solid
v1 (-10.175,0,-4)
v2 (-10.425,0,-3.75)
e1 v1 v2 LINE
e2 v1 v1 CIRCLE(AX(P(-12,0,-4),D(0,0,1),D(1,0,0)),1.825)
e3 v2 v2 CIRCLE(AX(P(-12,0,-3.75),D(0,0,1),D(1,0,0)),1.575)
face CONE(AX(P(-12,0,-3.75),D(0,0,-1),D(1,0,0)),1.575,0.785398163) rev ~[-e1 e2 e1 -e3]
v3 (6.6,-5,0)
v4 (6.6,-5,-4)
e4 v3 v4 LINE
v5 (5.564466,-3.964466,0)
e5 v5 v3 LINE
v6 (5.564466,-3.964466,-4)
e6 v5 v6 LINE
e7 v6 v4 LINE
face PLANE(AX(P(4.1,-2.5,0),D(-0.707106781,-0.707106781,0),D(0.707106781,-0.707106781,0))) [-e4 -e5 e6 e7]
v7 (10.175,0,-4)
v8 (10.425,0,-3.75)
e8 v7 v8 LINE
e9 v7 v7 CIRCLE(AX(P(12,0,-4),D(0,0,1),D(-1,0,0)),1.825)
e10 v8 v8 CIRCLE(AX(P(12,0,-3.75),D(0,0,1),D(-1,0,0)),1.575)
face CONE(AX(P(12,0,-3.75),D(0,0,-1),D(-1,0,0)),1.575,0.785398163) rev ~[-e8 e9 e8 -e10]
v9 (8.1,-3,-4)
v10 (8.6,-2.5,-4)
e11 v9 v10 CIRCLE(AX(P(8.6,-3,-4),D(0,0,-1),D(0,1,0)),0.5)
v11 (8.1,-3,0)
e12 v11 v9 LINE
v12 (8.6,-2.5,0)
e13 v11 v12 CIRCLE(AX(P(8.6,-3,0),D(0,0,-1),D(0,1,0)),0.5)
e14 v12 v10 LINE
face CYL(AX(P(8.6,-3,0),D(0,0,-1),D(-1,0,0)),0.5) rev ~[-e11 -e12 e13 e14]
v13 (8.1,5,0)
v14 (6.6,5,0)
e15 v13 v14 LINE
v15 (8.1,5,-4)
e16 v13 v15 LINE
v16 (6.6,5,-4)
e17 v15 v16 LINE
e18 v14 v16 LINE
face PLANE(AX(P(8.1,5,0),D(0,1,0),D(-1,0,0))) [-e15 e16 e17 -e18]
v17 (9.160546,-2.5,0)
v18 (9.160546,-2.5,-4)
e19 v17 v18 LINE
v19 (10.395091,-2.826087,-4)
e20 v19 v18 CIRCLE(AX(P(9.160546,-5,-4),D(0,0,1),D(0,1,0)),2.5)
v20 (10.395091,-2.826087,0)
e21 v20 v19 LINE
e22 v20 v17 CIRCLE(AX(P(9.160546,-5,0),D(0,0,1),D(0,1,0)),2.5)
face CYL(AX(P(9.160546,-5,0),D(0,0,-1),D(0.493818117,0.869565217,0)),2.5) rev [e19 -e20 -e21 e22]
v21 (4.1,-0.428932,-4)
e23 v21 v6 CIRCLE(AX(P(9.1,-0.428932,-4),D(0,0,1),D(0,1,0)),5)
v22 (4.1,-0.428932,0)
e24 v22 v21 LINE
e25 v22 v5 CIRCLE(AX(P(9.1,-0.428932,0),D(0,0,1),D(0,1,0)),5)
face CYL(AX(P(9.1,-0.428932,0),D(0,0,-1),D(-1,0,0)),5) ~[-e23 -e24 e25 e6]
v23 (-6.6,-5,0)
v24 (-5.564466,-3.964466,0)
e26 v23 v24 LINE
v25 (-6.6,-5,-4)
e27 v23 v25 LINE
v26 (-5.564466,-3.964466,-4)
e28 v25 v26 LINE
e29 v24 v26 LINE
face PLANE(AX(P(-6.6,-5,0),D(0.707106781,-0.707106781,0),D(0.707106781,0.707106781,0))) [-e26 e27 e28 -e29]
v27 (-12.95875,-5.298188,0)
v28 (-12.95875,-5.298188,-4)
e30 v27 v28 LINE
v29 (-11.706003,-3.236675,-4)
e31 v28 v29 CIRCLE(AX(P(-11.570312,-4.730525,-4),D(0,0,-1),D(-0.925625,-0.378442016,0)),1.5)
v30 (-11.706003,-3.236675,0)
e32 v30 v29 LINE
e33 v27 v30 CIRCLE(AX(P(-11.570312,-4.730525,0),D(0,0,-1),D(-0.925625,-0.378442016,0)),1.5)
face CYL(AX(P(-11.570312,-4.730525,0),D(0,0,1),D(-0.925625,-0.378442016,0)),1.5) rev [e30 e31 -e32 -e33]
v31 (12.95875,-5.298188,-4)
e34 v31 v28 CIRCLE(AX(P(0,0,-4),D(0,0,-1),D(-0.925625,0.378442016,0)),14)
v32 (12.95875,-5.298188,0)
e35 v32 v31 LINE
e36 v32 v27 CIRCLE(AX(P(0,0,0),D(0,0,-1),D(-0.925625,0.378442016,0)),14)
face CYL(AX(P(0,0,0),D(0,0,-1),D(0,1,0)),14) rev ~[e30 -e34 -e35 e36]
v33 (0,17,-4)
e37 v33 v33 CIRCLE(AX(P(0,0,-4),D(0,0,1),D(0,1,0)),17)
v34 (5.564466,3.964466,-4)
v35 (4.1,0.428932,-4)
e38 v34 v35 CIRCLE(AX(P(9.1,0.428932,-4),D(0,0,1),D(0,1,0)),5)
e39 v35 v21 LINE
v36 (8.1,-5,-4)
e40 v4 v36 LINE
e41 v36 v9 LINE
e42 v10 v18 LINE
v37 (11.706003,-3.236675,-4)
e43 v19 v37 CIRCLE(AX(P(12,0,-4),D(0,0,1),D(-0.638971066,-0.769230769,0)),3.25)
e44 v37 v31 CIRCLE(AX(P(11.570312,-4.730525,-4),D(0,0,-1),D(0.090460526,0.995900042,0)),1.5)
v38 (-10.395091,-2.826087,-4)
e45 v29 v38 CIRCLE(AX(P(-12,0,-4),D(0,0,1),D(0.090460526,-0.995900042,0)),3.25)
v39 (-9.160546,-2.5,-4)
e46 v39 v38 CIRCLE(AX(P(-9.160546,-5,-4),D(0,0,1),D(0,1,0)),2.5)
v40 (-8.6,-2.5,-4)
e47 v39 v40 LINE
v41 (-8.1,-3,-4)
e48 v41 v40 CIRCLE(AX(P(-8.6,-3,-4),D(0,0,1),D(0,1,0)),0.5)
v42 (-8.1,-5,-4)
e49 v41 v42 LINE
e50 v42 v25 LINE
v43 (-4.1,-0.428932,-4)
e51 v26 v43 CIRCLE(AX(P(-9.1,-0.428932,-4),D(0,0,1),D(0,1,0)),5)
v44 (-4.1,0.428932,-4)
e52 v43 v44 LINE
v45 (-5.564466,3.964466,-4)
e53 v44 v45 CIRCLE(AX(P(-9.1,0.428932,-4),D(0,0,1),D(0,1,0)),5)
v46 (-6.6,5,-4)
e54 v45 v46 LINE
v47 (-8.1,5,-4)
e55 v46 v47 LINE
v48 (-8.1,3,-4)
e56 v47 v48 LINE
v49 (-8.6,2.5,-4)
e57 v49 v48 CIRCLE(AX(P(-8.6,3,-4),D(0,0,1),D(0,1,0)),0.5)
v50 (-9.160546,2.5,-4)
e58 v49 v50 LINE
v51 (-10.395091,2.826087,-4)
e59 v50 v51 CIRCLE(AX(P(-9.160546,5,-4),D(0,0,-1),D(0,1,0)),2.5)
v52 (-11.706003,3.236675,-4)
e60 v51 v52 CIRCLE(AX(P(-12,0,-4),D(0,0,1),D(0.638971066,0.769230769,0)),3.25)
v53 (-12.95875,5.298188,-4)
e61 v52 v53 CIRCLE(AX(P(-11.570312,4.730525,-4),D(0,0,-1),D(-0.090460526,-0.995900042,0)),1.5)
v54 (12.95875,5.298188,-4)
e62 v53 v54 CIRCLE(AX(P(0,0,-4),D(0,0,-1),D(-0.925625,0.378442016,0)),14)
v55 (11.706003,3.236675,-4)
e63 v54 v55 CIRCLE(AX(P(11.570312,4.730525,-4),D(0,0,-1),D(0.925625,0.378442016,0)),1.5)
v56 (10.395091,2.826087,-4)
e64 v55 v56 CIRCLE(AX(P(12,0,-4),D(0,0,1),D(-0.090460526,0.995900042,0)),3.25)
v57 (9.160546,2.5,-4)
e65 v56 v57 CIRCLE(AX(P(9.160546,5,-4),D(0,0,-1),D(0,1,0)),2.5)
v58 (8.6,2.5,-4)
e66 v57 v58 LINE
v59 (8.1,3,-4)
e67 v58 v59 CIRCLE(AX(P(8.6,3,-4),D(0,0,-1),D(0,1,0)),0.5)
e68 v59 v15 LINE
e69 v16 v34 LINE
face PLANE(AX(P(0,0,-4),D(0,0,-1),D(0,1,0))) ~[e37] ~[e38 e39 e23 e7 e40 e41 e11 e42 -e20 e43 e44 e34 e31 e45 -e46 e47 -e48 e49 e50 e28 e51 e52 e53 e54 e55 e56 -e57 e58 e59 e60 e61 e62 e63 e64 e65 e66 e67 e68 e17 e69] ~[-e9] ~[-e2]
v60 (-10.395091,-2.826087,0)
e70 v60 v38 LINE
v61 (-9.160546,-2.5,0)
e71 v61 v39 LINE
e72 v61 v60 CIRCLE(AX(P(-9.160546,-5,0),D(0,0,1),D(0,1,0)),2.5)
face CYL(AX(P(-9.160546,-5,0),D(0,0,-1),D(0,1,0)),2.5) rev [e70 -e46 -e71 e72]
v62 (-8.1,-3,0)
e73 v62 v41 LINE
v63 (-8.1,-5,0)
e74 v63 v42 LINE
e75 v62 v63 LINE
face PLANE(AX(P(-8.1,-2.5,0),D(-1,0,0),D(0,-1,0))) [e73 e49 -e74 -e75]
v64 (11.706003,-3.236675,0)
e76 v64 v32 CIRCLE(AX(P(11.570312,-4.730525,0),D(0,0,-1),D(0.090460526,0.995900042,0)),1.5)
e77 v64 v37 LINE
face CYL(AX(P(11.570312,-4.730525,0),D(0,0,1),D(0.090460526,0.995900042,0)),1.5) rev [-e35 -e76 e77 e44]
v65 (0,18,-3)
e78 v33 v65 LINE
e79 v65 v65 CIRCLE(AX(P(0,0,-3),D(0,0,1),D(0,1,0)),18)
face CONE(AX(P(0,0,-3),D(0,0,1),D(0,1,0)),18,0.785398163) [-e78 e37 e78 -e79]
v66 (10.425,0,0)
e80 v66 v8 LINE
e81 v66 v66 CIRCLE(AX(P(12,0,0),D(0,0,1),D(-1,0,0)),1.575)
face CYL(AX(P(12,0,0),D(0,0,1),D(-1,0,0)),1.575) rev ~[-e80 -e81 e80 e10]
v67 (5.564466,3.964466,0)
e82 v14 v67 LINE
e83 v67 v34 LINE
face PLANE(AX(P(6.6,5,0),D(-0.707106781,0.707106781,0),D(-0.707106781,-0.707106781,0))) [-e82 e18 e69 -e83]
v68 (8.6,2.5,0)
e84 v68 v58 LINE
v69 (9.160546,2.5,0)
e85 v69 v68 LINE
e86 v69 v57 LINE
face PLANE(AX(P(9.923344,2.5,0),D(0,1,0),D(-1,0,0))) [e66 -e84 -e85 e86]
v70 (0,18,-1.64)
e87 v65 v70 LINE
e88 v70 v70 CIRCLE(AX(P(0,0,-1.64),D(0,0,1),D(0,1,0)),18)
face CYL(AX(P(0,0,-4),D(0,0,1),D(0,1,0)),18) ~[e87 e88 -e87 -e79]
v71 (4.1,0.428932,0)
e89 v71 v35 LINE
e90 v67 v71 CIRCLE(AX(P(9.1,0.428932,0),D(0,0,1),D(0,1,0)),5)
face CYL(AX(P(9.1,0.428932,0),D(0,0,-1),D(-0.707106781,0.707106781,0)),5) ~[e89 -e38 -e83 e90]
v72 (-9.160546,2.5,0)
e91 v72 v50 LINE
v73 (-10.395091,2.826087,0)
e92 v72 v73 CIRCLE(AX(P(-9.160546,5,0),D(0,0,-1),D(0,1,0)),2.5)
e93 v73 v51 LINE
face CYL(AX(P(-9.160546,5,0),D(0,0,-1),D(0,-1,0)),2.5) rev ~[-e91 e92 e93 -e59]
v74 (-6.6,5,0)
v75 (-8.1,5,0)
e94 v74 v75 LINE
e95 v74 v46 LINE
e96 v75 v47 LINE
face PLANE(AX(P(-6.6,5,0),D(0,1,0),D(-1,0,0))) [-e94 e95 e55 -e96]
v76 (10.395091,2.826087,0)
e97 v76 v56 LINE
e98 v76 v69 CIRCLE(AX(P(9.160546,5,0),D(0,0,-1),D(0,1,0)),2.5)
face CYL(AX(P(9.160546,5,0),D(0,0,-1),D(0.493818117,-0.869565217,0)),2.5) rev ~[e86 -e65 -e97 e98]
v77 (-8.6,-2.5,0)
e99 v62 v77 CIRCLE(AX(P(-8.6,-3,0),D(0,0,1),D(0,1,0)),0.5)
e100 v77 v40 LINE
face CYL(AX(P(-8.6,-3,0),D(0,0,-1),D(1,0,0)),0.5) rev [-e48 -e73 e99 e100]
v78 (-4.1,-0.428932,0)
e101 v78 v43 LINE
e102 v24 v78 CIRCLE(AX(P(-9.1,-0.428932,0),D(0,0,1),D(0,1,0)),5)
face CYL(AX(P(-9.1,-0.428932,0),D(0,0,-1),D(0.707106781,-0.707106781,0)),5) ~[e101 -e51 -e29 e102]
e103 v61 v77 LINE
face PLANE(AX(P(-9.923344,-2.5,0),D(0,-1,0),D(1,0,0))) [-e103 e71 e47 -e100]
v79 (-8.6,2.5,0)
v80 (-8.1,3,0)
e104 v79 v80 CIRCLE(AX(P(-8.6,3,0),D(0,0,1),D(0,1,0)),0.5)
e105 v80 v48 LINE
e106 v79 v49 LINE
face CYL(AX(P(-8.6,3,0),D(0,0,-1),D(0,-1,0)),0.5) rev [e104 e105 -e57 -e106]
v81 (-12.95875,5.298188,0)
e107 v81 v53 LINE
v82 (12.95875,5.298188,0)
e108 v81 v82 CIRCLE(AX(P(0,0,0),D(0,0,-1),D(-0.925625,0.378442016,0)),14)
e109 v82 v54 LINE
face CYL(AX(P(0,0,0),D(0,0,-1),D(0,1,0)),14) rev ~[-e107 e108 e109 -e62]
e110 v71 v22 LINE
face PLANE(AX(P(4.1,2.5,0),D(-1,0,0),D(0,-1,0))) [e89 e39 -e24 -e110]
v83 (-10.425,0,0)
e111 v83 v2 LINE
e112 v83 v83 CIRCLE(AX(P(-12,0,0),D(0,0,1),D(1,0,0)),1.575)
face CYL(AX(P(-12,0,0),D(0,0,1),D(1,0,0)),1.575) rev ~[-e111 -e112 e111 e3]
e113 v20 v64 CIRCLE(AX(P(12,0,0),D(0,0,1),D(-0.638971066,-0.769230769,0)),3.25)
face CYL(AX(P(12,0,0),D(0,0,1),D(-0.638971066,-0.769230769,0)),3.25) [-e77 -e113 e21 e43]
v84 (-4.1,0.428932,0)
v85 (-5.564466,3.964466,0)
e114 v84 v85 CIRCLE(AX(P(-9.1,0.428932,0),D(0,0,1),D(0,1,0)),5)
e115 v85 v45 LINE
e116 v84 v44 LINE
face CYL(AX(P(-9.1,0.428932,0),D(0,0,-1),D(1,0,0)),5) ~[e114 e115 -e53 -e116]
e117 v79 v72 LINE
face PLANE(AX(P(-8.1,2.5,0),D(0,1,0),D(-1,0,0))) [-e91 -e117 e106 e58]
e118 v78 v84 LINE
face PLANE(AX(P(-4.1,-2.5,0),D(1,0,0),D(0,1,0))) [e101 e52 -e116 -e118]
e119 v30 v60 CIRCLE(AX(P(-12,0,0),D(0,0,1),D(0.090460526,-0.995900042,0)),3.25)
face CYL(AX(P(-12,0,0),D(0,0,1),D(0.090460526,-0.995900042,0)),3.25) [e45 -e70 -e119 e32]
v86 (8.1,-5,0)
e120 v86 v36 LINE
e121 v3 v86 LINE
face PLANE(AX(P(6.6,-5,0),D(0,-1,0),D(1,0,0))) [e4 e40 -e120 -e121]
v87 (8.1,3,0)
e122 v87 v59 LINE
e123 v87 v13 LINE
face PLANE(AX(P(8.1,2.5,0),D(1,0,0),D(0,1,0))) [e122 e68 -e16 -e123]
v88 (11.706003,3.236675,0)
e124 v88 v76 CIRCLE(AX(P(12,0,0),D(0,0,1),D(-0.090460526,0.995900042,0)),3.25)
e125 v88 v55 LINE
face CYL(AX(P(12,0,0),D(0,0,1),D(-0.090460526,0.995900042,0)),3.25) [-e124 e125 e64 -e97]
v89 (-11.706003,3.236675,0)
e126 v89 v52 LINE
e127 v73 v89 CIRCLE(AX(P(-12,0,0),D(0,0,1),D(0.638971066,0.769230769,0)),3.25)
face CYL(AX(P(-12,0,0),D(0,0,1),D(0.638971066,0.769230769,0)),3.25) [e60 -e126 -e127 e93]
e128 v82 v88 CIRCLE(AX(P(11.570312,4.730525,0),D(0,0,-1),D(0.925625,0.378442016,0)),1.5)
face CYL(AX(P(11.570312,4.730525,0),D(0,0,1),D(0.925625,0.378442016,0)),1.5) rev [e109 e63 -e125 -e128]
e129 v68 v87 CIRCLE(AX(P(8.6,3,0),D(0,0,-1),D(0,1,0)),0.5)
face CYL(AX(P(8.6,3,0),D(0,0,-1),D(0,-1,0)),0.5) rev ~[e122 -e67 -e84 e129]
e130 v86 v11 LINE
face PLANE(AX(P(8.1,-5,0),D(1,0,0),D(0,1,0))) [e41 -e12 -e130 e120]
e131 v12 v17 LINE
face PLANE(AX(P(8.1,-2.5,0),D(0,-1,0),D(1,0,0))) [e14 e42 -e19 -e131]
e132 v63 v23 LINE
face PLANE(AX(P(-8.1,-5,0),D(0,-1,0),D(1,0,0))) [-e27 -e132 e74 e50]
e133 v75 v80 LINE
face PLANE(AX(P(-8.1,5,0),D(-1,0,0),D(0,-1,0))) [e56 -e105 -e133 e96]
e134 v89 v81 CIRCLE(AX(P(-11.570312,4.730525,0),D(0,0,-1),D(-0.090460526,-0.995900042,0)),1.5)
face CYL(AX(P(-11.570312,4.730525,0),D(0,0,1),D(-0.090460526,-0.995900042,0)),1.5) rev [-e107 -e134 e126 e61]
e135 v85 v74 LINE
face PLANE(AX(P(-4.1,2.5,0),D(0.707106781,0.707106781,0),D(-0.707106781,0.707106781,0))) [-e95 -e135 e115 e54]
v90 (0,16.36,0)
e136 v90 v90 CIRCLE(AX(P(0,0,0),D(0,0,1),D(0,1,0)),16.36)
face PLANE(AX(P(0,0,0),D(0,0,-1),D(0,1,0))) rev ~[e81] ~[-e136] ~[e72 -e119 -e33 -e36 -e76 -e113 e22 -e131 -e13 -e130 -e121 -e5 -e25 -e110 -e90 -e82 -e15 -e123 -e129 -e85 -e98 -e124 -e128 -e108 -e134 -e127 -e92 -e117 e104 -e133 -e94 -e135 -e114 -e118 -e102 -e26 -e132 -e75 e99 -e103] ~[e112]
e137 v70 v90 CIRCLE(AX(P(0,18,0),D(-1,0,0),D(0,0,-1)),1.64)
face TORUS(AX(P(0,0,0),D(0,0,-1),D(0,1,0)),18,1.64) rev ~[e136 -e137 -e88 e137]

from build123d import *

# Parameters (mm, degrees)
F2_R     = 1.575
F3_DEPTH = 4
F4_COUNT = 2
F5_R     = 5
F6_R     = 2.5
F7_R     = 0.5
F8_SIZE  = 1
F9_SIZE  = 0.25


with BuildPart() as f1:
    # F0 (on Right) → F1 (revolve)
    with BuildSketch(Plane.YZ):
        with BuildLine():
            Line((16.36, 0), (14, 0))
            Line((14, 0), (14, -4))
            Line((14, -4), (18, -4))
            Line((18, -4), (18, -1.64))
            ThreePointArc((18, -1.64), (16.8403448789, -1.1596551211), (16.36, 0))
        make_face()
    revolve(axis=Axis((0, 0, -0.7442336064), (0, 0, -1)))

    # F2 (on face) → F3 (join, through all)
    with BuildSketch(Plane.XY):
        with BuildLine():
            Line((-8.1, 2.5), (-9.9233440343, 2.5))
            ThreePointArc((-9.9233440343, 2.5), (-10.7587622743, 3.003635948), (-11.7060032895, 3.2366751357))
            ThreePointArc((-11.7060032895, 3.2366751357), (-12.8521864455, 3.9515520359), (-12.95875, 5.2981882222))
            ThreePointArc((-12.95875, 5.2981882222), (-14, 0), (-12.95875, -5.2981882222))
            ThreePointArc((-12.95875, -5.2981882222), (-12.8521864455, -3.9515520359), (-11.7060032895, -3.2366751357))
            ThreePointArc((-11.7060032895, -3.2366751357), (-10.7587622743, -3.003635948), (-9.9233440343, -2.5))
            Line((-9.9233440343, -2.5), (-8.1, -2.5))
            Line((-8.1, -2.5), (-8.1, -5))
            Line((-8.1, -5), (-6.6, -5))
            Line((-6.6, -5), (-4.1, -2.5))
            Line((-4.1, -2.5), (-4.1, 2.5))
            Line((-4.1, 2.5), (-6.6, 5))
            Line((-6.6, 5), (-8.1, 5))
            Line((-8.1, 5), (-8.1, 2.5))
        make_face()
        with Locations((-12, 0)):
            Circle(F2_R, mode=Mode.SUBTRACT)
    extrude(amount=-F3_DEPTH)

    # F4: F1 ×2 about axis
    f4_axis = Axis((0, 0, 0), (0, 0, -1))


with BuildPart() as f1_1:
    add(f1.part)
    for i in range(1, F4_COUNT):
        add(f1.part.rotate(f4_axis, i * 360 / F4_COUNT))

    # F5
    f5_edges = [f1_1.edges().sort_by_distance(p)[0] for p in [
        (-4.1, -2.5, -2),
        (-4.1, 2.5, -2),
        (4.1, 2.5, -2),
        (4.1, -2.5, -2),
    ]]
    fillet(f5_edges, radius=F5_R)

    # F6
    f6_edges = [f1_1.edges().sort_by_distance(p)[0] for p in [
        (-9.923344, 2.5, -2),
        (-9.923344, -2.5, -2),
        (9.923344, 2.5, -2),
        (9.923344, -2.5, -2),
    ]]
    fillet(f6_edges, radius=F6_R)

    # F7
    f7_edges = [f1_1.edges().sort_by_distance(p)[0] for p in [
        (-8.1, 2.5, -2),
        (-8.1, -2.5, -2),
        (8.1, -2.5, -2),
        (8.1, 2.5, -2),
    ]]
    fillet(f7_edges, radius=F7_R)

    # F8
    f8_edges = [f1_1.edges().sort_by_distance(p)[0] for p in [
        (0, -18, -4),
    ]]
    chamfer(f8_edges, length=F8_SIZE)

    # F9
    f9_edges = [f1_1.edges().sort_by_distance(p)[0] for p in [
        (13.575, 0, -4),
        (-13.575, 0, -4),
    ]]
    chamfer(f9_edges, length=F9_SIZE)


solid = f1_1.part
